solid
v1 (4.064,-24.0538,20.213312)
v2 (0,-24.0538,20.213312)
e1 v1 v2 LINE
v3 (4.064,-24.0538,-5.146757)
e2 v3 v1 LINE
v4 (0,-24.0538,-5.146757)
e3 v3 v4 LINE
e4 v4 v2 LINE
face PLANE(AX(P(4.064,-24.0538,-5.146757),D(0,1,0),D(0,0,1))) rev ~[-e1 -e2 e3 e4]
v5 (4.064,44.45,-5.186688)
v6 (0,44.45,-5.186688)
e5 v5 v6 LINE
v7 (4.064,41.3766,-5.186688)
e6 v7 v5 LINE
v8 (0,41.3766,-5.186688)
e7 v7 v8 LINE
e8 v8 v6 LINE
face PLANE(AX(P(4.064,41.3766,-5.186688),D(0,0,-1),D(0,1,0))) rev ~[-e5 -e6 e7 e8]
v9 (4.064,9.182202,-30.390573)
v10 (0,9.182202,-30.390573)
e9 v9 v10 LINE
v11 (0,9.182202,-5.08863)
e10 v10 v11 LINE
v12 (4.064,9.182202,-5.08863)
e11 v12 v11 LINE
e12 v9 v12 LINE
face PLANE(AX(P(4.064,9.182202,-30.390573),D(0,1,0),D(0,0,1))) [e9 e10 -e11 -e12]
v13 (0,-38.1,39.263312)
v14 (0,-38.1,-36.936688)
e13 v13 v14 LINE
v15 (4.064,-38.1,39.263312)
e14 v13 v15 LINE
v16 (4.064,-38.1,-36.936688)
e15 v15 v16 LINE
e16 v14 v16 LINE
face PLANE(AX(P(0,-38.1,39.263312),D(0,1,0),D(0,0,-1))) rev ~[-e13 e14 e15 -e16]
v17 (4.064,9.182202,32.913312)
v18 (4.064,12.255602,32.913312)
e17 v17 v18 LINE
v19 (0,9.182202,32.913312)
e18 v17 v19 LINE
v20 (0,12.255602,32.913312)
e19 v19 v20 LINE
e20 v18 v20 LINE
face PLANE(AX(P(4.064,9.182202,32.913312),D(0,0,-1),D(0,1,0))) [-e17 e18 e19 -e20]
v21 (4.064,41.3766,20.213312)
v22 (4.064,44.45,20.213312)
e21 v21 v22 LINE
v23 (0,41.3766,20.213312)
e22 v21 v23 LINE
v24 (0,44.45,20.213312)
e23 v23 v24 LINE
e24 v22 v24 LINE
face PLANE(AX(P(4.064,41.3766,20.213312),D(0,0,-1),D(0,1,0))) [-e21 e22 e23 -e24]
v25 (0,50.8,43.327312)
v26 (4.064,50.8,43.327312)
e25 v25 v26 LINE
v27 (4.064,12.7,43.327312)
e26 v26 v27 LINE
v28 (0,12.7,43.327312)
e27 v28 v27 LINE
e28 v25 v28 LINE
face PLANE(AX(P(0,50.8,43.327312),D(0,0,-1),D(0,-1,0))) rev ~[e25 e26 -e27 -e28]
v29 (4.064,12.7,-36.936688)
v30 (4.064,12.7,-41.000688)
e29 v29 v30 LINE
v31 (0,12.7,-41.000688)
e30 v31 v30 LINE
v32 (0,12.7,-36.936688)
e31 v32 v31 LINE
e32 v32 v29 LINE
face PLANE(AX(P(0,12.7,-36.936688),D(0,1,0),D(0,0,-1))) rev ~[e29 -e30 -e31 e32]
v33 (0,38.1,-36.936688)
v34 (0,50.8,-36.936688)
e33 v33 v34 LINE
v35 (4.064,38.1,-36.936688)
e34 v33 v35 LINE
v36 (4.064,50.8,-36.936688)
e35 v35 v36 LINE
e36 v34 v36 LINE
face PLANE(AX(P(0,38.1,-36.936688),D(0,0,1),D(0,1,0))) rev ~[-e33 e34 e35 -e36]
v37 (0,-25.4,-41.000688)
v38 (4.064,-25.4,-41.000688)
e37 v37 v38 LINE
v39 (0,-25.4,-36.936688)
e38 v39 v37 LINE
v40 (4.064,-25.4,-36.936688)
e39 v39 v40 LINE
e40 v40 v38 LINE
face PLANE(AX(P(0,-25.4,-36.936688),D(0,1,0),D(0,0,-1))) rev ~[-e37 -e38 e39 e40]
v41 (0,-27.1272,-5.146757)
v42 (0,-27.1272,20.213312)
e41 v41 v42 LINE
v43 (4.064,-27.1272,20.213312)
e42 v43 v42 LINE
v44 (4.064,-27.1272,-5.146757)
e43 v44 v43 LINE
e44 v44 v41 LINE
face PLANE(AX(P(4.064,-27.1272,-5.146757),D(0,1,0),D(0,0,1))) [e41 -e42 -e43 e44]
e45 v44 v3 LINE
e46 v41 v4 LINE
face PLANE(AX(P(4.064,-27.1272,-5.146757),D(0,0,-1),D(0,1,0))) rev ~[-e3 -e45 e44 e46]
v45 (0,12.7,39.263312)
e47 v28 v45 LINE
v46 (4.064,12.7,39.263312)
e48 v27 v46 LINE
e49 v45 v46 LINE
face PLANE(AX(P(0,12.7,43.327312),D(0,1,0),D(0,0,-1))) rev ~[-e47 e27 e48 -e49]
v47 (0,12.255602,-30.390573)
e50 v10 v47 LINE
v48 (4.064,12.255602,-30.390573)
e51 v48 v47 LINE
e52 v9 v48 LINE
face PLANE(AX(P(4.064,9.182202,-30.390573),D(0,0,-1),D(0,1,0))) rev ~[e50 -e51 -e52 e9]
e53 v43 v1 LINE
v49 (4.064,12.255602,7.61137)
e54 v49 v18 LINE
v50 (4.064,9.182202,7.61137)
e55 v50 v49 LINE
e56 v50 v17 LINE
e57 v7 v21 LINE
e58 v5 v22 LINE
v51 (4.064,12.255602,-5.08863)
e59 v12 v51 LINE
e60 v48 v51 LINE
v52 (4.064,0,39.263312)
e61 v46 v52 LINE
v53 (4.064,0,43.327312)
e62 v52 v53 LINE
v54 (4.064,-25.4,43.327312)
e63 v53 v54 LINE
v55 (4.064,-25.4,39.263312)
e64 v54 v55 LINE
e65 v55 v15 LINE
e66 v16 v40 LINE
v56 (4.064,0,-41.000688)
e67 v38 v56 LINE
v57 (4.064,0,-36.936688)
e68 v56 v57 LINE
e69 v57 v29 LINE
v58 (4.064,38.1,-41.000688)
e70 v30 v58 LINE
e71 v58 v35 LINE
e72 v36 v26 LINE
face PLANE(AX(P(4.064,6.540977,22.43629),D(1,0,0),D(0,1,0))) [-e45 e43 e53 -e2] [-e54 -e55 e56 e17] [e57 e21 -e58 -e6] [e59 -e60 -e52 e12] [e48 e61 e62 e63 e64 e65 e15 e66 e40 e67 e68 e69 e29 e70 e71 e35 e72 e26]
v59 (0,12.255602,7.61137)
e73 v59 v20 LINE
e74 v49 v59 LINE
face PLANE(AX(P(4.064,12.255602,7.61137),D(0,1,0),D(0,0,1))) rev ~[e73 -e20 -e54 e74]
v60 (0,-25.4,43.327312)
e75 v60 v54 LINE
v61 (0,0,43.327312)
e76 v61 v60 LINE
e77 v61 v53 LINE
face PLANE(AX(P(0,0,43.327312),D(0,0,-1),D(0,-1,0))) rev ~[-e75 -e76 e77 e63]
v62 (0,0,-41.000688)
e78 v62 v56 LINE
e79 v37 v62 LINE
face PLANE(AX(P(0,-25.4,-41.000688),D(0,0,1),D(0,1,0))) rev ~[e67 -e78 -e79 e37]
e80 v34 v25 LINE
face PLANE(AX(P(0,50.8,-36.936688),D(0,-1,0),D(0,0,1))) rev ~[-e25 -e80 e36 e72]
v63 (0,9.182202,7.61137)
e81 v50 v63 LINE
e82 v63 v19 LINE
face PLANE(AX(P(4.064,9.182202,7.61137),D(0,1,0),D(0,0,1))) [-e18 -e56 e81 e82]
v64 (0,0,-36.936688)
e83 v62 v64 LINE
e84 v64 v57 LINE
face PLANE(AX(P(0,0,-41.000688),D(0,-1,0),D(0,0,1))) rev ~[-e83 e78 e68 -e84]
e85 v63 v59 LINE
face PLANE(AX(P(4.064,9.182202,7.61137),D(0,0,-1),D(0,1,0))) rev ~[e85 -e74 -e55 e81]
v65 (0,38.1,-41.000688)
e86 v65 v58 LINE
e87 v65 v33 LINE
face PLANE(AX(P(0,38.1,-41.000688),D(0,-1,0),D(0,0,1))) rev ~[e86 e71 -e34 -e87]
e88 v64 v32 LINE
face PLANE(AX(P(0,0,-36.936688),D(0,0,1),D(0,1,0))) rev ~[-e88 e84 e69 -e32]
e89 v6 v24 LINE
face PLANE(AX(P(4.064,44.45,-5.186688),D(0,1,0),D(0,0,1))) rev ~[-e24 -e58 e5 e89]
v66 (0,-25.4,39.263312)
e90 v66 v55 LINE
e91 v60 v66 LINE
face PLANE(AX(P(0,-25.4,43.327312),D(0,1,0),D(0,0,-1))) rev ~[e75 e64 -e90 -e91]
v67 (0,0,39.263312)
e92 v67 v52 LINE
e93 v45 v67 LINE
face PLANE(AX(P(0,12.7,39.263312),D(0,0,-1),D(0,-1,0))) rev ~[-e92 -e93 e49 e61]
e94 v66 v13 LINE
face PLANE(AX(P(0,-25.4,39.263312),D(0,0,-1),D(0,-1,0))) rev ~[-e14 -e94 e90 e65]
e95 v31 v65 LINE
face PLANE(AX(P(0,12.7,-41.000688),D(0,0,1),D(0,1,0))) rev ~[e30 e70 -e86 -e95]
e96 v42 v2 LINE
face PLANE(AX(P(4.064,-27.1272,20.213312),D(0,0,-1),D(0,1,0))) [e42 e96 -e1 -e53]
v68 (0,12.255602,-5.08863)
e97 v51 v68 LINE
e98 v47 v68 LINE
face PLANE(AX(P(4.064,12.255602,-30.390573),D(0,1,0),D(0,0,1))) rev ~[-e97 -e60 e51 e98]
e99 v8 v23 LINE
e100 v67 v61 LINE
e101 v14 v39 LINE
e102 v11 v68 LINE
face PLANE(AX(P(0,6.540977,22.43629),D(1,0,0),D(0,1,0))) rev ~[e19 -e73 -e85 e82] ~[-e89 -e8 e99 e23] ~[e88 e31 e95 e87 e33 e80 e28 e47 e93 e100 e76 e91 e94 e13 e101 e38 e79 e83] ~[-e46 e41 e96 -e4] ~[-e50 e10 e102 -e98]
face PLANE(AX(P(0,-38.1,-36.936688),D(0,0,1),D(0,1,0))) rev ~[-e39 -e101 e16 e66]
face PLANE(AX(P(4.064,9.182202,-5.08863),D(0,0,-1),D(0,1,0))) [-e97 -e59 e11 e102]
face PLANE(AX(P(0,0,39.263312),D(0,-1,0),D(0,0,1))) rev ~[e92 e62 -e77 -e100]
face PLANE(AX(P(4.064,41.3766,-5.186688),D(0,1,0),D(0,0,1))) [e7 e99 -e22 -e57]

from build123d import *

# Parameters (mm, degrees)
F1_DEPTH = 4.064
F2_W     = 3.0734
F2_H     = 25.3600694679
F2_H_2   = 25.3019425595
F2_H_3   = 25.4
F3_DEPTH = 25.4


with BuildPart() as f1:
    # F0 (on Right) → F1 (new body)
    with BuildSketch(Plane.YZ):
        Polygon((50.8, 1.163312234), (50.8, 39.263312234), (50.8, 43.327312234), (38.1, 43.327312234), (12.7, 43.327312234), (12.7, 39.263312234), (0, 39.263312234), (0, 43.327312234), (-25.4, 43.327312234), (-25.4, 39.263312234), (-38.1, 39.263312234), (-38.1, 1.163312234), align=None)
        Polygon((50.8, -36.936687766), (50.8, 1.163312234), (-38.1, 1.163312234), (-38.1, -36.936687766), (-25.4, -36.936687766), (-25.4, -41.000687766), (0, -41.000687766), (0, -36.936687766), (12.7, -36.936687766), (12.7, -41.000687766), (38.1, -41.000687766), (38.1, -36.936687766), align=None)
    extrude(amount=F1_DEPTH)

    # F2 (on face) → F3 (cut)
    with BuildSketch(Plane.YZ.offset(4.064)):
        with Locations((-25.5905, 7.5332775)):
            Rectangle(F2_W, F2_H)
        with Locations((10.7189016, 20.2623409542)):
            Rectangle(F2_W, F2_H_2)
        with Locations((10.7189016, -17.7396016053)):
            Rectangle(F2_W, F2_H_2)
        with Locations((42.9133, 7.513312234)):
            Rectangle(F2_W, F2_H_3)
    extrude(amount=-F3_DEPTH, mode=Mode.SUBTRACT)


solid = f1.part
